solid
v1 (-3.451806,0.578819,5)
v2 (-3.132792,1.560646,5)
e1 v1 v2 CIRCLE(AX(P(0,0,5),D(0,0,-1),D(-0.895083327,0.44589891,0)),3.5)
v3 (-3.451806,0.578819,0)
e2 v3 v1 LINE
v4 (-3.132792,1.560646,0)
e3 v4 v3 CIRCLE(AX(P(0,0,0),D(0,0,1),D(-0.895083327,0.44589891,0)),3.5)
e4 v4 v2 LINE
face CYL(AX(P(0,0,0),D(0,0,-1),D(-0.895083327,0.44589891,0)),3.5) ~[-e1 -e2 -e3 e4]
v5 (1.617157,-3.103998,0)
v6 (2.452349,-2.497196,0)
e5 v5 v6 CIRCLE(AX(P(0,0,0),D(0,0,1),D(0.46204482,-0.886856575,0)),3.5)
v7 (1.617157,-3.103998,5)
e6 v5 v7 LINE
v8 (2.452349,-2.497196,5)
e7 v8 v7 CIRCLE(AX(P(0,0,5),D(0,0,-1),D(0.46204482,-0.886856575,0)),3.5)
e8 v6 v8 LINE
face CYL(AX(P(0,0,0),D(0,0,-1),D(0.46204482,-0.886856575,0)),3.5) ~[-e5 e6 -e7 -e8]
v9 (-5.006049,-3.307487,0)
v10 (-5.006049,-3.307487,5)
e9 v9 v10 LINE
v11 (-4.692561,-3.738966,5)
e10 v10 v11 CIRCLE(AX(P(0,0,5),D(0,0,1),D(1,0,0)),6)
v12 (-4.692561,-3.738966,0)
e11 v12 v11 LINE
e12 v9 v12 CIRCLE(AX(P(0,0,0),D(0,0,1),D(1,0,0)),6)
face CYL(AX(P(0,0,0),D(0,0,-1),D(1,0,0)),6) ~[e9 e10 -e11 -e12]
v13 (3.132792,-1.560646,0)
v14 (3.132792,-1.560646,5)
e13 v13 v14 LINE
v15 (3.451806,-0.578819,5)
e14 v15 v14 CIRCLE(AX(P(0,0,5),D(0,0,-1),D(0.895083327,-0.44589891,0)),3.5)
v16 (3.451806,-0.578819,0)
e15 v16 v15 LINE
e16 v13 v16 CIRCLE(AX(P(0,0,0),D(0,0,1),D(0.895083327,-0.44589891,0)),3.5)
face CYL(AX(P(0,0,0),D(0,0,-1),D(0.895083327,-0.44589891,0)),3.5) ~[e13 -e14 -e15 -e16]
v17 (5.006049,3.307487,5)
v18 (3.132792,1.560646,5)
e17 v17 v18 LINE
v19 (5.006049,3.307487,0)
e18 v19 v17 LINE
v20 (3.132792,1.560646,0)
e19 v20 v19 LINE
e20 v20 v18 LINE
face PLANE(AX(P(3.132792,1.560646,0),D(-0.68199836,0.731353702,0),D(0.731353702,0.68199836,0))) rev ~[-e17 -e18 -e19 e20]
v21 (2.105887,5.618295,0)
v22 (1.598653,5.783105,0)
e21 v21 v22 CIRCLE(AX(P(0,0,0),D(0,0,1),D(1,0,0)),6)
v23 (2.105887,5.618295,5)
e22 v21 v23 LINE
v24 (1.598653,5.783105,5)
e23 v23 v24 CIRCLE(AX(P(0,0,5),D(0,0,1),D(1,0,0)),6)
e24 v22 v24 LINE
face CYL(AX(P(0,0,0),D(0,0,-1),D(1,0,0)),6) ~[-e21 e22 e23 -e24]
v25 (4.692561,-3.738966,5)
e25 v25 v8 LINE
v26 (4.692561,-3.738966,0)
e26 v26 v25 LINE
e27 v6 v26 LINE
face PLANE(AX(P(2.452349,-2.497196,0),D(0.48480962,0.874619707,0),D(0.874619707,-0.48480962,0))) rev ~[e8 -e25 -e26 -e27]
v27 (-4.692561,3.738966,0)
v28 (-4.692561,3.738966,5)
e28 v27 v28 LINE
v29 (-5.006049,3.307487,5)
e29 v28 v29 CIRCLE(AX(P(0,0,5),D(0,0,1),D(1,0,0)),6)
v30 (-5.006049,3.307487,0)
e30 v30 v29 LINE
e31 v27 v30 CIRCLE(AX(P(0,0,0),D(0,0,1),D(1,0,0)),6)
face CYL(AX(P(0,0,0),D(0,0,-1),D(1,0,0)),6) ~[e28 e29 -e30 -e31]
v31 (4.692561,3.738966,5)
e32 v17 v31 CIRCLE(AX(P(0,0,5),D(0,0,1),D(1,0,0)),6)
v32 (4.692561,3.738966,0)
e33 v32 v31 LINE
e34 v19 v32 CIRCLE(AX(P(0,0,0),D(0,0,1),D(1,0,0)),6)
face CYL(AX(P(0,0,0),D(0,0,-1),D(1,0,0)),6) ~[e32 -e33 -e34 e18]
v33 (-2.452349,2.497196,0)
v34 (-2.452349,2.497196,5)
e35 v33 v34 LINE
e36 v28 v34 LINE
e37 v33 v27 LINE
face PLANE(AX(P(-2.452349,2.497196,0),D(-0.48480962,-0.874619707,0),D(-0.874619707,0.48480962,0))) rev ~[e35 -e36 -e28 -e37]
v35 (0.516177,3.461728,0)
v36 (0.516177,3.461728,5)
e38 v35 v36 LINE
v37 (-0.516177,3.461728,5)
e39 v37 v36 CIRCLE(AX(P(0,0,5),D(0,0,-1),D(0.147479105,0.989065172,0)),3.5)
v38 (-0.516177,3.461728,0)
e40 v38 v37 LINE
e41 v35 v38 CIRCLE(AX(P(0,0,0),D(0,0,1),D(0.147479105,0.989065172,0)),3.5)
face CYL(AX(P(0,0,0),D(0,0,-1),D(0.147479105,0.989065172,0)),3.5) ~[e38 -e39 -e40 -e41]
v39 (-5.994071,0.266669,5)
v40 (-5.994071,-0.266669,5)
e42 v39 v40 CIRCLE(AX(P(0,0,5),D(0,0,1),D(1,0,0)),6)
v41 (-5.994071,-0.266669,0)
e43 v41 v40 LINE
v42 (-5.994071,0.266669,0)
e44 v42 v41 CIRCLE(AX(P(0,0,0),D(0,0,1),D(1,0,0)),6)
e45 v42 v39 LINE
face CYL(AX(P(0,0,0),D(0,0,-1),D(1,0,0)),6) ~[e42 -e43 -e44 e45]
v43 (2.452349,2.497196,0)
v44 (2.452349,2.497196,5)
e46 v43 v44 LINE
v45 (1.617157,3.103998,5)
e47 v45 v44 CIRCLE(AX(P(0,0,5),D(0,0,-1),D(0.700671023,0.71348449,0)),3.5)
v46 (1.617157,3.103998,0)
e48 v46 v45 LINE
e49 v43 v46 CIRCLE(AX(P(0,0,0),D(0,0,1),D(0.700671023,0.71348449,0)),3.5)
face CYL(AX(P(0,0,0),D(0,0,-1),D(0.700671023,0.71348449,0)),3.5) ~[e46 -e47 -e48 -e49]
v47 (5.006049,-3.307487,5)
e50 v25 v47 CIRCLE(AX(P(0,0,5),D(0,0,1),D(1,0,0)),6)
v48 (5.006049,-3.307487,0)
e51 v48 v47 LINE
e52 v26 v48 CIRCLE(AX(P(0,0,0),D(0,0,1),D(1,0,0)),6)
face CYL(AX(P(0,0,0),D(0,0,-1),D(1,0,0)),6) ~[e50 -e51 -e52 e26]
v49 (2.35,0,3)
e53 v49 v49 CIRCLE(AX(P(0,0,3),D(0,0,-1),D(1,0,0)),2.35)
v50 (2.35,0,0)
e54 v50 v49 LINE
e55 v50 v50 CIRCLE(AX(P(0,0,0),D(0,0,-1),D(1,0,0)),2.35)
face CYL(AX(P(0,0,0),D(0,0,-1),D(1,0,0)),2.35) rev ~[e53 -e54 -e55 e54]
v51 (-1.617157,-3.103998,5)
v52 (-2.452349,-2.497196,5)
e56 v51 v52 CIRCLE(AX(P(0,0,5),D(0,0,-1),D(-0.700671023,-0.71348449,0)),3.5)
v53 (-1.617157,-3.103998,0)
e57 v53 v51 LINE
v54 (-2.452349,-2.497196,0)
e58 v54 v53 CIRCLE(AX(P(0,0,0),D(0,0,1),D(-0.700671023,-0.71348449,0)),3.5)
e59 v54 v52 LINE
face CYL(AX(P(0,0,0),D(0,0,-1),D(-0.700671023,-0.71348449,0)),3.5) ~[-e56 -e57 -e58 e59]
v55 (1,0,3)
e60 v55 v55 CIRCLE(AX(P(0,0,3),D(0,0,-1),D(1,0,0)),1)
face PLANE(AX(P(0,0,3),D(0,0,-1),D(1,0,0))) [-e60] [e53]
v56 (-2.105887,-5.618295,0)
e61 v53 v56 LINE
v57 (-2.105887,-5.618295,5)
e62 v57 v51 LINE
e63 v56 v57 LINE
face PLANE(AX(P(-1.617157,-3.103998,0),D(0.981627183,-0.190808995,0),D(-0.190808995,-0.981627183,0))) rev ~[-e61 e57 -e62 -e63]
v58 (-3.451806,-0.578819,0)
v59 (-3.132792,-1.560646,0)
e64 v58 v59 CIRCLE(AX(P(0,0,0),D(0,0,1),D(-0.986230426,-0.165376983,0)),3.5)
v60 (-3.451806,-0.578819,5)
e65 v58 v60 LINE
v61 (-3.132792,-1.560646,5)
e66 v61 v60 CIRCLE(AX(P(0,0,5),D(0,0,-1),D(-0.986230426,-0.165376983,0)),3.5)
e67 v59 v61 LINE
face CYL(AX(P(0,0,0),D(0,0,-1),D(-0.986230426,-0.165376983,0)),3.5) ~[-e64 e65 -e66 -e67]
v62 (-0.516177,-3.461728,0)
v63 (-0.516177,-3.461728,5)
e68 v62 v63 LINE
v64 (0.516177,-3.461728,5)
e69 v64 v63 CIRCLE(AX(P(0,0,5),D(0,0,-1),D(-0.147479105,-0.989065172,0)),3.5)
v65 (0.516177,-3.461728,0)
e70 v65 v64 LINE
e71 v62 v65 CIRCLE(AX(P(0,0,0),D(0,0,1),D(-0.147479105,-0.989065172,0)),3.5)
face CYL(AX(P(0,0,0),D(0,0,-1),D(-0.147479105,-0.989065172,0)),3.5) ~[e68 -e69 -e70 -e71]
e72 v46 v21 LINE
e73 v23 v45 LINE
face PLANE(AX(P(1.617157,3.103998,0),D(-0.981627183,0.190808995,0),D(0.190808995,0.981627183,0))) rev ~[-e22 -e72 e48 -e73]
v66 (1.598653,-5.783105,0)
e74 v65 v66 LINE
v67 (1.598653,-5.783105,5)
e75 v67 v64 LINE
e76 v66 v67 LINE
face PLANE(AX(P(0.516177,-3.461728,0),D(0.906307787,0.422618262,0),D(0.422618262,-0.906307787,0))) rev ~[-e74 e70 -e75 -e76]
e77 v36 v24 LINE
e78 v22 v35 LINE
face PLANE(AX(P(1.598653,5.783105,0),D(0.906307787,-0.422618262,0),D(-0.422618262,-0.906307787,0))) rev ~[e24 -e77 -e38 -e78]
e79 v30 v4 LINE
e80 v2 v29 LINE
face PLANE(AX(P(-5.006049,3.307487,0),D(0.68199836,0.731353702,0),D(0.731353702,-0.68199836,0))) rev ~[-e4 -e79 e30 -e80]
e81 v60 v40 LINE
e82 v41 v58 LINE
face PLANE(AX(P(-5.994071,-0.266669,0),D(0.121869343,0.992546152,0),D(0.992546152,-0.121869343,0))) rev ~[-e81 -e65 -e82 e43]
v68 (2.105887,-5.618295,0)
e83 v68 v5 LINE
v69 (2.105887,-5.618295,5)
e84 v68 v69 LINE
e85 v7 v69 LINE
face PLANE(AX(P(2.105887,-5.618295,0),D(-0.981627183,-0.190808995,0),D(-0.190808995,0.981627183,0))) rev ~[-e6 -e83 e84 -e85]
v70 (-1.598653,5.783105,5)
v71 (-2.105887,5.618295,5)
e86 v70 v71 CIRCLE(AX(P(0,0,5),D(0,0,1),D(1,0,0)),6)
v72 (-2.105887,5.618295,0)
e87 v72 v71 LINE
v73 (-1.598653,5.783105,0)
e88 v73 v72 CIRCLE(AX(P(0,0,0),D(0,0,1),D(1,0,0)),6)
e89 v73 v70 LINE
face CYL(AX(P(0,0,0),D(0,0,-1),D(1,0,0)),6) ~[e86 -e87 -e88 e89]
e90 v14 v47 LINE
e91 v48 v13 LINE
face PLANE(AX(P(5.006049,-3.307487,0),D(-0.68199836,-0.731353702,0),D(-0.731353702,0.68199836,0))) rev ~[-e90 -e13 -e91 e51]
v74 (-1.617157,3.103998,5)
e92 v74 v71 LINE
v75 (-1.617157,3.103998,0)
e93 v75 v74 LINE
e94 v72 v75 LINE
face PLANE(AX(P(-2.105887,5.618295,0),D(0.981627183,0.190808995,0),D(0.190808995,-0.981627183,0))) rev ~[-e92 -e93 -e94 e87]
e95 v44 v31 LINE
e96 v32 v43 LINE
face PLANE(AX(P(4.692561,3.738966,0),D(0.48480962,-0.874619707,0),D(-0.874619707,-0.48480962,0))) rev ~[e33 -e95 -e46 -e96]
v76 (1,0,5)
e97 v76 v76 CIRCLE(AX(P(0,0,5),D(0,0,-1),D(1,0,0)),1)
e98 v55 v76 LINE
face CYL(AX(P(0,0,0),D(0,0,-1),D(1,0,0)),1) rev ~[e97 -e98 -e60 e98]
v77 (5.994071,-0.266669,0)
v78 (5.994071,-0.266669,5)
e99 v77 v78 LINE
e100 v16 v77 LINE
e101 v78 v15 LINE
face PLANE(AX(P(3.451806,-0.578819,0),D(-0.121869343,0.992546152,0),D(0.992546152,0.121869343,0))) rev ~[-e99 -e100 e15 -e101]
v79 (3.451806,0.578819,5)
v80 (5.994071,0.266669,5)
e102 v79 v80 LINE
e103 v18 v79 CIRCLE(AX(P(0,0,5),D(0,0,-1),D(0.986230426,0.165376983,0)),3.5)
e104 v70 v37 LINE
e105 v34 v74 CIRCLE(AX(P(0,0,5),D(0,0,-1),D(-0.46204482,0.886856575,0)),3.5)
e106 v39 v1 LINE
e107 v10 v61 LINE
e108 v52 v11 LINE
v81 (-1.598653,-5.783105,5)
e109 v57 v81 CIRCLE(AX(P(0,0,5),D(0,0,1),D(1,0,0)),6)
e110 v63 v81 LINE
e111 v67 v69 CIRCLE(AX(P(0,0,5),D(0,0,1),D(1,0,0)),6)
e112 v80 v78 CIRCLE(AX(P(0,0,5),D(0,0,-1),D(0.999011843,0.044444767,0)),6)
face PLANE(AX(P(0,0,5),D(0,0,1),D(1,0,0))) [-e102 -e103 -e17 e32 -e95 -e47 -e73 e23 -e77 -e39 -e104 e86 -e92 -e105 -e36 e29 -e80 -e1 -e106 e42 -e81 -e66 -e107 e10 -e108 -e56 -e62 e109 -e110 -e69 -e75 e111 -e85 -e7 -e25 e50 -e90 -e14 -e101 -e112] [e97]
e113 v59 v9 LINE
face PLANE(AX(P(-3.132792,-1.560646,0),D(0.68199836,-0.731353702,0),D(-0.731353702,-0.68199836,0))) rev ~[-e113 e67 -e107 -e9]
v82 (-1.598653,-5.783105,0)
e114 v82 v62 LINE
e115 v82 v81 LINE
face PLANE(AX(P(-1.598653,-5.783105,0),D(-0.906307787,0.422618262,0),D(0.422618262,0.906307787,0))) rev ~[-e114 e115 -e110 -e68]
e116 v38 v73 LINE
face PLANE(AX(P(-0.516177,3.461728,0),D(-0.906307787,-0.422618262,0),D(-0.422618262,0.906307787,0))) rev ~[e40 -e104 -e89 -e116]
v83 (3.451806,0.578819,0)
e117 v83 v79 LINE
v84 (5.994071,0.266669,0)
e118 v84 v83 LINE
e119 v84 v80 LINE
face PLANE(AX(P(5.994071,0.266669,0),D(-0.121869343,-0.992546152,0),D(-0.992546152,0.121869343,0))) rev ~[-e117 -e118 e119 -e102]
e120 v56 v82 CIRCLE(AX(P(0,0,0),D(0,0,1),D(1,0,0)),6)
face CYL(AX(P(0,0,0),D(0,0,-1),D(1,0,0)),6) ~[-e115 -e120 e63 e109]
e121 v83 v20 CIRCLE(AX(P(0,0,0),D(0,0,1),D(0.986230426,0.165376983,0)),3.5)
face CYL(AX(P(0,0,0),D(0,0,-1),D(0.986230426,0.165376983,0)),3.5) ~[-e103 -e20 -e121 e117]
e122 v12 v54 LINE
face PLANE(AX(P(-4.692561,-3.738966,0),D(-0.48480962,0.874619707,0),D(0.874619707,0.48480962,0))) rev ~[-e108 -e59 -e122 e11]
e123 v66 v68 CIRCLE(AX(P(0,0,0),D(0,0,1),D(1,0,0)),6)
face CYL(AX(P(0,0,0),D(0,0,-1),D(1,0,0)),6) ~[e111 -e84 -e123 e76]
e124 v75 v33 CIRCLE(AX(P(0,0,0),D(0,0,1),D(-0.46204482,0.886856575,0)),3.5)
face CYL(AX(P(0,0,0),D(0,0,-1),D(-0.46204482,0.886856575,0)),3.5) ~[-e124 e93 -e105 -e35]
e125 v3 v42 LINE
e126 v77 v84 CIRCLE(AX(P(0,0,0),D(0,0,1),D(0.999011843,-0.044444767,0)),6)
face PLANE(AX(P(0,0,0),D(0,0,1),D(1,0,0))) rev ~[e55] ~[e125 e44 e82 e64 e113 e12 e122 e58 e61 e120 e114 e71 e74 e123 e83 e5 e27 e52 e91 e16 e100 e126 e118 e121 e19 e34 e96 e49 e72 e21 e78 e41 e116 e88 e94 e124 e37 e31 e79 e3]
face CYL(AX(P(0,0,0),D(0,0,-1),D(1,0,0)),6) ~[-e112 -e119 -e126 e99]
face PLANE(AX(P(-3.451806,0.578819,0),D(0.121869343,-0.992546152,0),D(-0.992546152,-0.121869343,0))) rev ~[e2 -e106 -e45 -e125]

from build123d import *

# Parameters (mm, degrees)
F0_R     = 6
F0_R_2   = 2.5
F1_DEPTH = 5
F3_DEPTH = 25
F4_R     = 2.35
F5_DEPTH = 3
F6_R     = 1
F7_DEPTH = 25


with BuildPart() as f1:
    # F0 (on Top) → F1 (new body)
    with BuildSketch(Plane.XY):
        Circle(F0_R)
        Circle(F0_R_2, mode=Mode.SUBTRACT)
        Circle(F0_R_2)
    extrude(amount=F1_DEPTH)

    # F2 (on face) → F3 (cut)
    with BuildSketch(Plane(origin=(0, 0, 0), x_dir=(1, 0, 0), z_dir=(0, 0, -1))):
        with BuildLine():
            ThreePointArc((-0.5161768662, 3.4617281006), (0, 3.5), (0.5161768662, 3.4617281006))
            Line((0.5161768662, 3.4617281006), (1.5986529108, 5.7831054695))
            ThreePointArc((1.5986529108, 5.7831054695), (0, 6), (-1.5986529108, 5.7831054695))
            Line((-1.5986529108, 5.7831054695), (-0.5161768662, 3.4617281006))
        make_face()
        with BuildLine():
            ThreePointArc((-2.4523485819, 2.4971957138), (-2.057248383, 2.8315594803), (-1.6171568681, 3.1039980129))
            Line((-1.6171568681, 3.1039980129), (-2.1058867345, 5.6182952095))
            ThreePointArc((-2.1058867345, 5.6182952095), (-3.5267115138, 4.8541019662), (-4.6925614803, 3.7389660006))
            Line((-4.6925614803, 3.7389660006), (-2.4523485819, 2.4971957138))
        make_face()
        with BuildLine():
            ThreePointArc((-3.4518064915, 0.5788194408), (-3.328697807, 1.0815594803), (-3.132791644, 1.5606461852))
            Line((-3.132791644, 1.5606461852), (-5.0060492236, 3.3074871384))
            ThreePointArc((-5.0060492236, 3.3074871384), (-5.7063390978, 1.8541019662), (-5.9940710587, 0.2666686023))
            Line((-5.9940710587, 0.2666686023), (-3.4518064915, 0.5788194408))
        make_face()
        with BuildLine():
            Line((-5.0060492236, -3.3074871384), (-3.132791644, -1.5606461852))
            ThreePointArc((-3.132791644, -1.5606461852), (-3.328697807, -1.0815594803), (-3.4518064915, -0.5788194408))
            Line((-3.4518064915, -0.5788194408), (-5.9940710587, -0.2666686023))
            ThreePointArc((-5.9940710587, -0.2666686023), (-5.7063390978, -1.8541019662), (-5.0060492236, -3.3074871384))
        make_face()
        with BuildLine():
            Line((-2.1058867345, -5.6182952095), (-1.6171568681, -3.1039980129))
            ThreePointArc((-1.6171568681, -3.1039980129), (-2.057248383, -2.8315594803), (-2.4523485819, -2.4971957138))
            Line((-2.4523485819, -2.4971957138), (-4.6925614803, -3.7389660006))
            ThreePointArc((-4.6925614803, -3.7389660006), (-3.5267115138, -4.8541019662), (-2.1058867345, -5.6182952095))
        make_face()
        with BuildLine():
            Line((1.5986529108, -5.7831054695), (0.5161768662, -3.4617281006))
            ThreePointArc((0.5161768662, -3.4617281006), (0, -3.5), (-0.5161768662, -3.4617281006))
            Line((-0.5161768662, -3.4617281006), (-1.5986529108, -5.7831054695))
            ThreePointArc((-1.5986529108, -5.7831054695), (0, -6), (1.5986529108, -5.7831054695))
        make_face()
        with BuildLine():
            Line((4.6925614803, -3.7389660006), (2.4523485819, -2.4971957138))
            ThreePointArc((2.4523485819, -2.4971957138), (2.057248383, -2.8315594803), (1.6171568681, -3.1039980129))
            Line((1.6171568681, -3.1039980129), (2.1058867345, -5.6182952095))
            ThreePointArc((2.1058867345, -5.6182952095), (3.5267115138, -4.8541019662), (4.6925614803, -3.7389660006))
        make_face()
        with BuildLine():
            Line((5.9940710587, -0.2666686023), (3.4518064915, -0.5788194408))
            ThreePointArc((3.4518064915, -0.5788194408), (3.328697807, -1.0815594803), (3.132791644, -1.5606461852))
            Line((3.132791644, -1.5606461852), (5.0060492236, -3.3074871384))
            ThreePointArc((5.0060492236, -3.3074871384), (5.7063390978, -1.8541019662), (5.9940710587, -0.2666686023))
        make_face()
        with BuildLine():
            ThreePointArc((3.132791644, 1.5606461852), (3.328697807, 1.0815594803), (3.4518064915, 0.5788194408))
            Line((3.4518064915, 0.5788194408), (5.9940710587, 0.2666686023))
            ThreePointArc((5.9940710587, 0.2666686023), (5.7063390978, 1.8541019662), (5.0060492236, 3.3074871384))
            Line((5.0060492236, 3.3074871384), (3.132791644, 1.5606461852))
        make_face()
        with BuildLine():
            ThreePointArc((1.6171568681, 3.1039980129), (2.057248383, 2.8315594803), (2.4523485819, 2.4971957138))
            Line((2.4523485819, 2.4971957138), (4.6925614803, 3.7389660006))
            ThreePointArc((4.6925614803, 3.7389660006), (3.5267115138, 4.8541019662), (2.1058867345, 5.6182952095))
            Line((2.1058867345, 5.6182952095), (1.6171568681, 3.1039980129))
        make_face()
    extrude(amount=-F3_DEPTH, mode=Mode.SUBTRACT)

    # F4 (on face) → F5 (cut)
    with BuildSketch(Plane(origin=(0, 0, 0), x_dir=(1, 0, 0), z_dir=(0, 0, -1))):
        Circle(F4_R)
    extrude(amount=-F5_DEPTH, mode=Mode.SUBTRACT)

    # F6 (on face) → F7 (cut)
    with BuildSketch(Plane(origin=(0, 0, 0), x_dir=(1, 0, 0), z_dir=(0, 0, -1))):
        Circle(F6_R)
    extrude(amount=-F7_DEPTH, mode=Mode.SUBTRACT)


solid = f1.part
